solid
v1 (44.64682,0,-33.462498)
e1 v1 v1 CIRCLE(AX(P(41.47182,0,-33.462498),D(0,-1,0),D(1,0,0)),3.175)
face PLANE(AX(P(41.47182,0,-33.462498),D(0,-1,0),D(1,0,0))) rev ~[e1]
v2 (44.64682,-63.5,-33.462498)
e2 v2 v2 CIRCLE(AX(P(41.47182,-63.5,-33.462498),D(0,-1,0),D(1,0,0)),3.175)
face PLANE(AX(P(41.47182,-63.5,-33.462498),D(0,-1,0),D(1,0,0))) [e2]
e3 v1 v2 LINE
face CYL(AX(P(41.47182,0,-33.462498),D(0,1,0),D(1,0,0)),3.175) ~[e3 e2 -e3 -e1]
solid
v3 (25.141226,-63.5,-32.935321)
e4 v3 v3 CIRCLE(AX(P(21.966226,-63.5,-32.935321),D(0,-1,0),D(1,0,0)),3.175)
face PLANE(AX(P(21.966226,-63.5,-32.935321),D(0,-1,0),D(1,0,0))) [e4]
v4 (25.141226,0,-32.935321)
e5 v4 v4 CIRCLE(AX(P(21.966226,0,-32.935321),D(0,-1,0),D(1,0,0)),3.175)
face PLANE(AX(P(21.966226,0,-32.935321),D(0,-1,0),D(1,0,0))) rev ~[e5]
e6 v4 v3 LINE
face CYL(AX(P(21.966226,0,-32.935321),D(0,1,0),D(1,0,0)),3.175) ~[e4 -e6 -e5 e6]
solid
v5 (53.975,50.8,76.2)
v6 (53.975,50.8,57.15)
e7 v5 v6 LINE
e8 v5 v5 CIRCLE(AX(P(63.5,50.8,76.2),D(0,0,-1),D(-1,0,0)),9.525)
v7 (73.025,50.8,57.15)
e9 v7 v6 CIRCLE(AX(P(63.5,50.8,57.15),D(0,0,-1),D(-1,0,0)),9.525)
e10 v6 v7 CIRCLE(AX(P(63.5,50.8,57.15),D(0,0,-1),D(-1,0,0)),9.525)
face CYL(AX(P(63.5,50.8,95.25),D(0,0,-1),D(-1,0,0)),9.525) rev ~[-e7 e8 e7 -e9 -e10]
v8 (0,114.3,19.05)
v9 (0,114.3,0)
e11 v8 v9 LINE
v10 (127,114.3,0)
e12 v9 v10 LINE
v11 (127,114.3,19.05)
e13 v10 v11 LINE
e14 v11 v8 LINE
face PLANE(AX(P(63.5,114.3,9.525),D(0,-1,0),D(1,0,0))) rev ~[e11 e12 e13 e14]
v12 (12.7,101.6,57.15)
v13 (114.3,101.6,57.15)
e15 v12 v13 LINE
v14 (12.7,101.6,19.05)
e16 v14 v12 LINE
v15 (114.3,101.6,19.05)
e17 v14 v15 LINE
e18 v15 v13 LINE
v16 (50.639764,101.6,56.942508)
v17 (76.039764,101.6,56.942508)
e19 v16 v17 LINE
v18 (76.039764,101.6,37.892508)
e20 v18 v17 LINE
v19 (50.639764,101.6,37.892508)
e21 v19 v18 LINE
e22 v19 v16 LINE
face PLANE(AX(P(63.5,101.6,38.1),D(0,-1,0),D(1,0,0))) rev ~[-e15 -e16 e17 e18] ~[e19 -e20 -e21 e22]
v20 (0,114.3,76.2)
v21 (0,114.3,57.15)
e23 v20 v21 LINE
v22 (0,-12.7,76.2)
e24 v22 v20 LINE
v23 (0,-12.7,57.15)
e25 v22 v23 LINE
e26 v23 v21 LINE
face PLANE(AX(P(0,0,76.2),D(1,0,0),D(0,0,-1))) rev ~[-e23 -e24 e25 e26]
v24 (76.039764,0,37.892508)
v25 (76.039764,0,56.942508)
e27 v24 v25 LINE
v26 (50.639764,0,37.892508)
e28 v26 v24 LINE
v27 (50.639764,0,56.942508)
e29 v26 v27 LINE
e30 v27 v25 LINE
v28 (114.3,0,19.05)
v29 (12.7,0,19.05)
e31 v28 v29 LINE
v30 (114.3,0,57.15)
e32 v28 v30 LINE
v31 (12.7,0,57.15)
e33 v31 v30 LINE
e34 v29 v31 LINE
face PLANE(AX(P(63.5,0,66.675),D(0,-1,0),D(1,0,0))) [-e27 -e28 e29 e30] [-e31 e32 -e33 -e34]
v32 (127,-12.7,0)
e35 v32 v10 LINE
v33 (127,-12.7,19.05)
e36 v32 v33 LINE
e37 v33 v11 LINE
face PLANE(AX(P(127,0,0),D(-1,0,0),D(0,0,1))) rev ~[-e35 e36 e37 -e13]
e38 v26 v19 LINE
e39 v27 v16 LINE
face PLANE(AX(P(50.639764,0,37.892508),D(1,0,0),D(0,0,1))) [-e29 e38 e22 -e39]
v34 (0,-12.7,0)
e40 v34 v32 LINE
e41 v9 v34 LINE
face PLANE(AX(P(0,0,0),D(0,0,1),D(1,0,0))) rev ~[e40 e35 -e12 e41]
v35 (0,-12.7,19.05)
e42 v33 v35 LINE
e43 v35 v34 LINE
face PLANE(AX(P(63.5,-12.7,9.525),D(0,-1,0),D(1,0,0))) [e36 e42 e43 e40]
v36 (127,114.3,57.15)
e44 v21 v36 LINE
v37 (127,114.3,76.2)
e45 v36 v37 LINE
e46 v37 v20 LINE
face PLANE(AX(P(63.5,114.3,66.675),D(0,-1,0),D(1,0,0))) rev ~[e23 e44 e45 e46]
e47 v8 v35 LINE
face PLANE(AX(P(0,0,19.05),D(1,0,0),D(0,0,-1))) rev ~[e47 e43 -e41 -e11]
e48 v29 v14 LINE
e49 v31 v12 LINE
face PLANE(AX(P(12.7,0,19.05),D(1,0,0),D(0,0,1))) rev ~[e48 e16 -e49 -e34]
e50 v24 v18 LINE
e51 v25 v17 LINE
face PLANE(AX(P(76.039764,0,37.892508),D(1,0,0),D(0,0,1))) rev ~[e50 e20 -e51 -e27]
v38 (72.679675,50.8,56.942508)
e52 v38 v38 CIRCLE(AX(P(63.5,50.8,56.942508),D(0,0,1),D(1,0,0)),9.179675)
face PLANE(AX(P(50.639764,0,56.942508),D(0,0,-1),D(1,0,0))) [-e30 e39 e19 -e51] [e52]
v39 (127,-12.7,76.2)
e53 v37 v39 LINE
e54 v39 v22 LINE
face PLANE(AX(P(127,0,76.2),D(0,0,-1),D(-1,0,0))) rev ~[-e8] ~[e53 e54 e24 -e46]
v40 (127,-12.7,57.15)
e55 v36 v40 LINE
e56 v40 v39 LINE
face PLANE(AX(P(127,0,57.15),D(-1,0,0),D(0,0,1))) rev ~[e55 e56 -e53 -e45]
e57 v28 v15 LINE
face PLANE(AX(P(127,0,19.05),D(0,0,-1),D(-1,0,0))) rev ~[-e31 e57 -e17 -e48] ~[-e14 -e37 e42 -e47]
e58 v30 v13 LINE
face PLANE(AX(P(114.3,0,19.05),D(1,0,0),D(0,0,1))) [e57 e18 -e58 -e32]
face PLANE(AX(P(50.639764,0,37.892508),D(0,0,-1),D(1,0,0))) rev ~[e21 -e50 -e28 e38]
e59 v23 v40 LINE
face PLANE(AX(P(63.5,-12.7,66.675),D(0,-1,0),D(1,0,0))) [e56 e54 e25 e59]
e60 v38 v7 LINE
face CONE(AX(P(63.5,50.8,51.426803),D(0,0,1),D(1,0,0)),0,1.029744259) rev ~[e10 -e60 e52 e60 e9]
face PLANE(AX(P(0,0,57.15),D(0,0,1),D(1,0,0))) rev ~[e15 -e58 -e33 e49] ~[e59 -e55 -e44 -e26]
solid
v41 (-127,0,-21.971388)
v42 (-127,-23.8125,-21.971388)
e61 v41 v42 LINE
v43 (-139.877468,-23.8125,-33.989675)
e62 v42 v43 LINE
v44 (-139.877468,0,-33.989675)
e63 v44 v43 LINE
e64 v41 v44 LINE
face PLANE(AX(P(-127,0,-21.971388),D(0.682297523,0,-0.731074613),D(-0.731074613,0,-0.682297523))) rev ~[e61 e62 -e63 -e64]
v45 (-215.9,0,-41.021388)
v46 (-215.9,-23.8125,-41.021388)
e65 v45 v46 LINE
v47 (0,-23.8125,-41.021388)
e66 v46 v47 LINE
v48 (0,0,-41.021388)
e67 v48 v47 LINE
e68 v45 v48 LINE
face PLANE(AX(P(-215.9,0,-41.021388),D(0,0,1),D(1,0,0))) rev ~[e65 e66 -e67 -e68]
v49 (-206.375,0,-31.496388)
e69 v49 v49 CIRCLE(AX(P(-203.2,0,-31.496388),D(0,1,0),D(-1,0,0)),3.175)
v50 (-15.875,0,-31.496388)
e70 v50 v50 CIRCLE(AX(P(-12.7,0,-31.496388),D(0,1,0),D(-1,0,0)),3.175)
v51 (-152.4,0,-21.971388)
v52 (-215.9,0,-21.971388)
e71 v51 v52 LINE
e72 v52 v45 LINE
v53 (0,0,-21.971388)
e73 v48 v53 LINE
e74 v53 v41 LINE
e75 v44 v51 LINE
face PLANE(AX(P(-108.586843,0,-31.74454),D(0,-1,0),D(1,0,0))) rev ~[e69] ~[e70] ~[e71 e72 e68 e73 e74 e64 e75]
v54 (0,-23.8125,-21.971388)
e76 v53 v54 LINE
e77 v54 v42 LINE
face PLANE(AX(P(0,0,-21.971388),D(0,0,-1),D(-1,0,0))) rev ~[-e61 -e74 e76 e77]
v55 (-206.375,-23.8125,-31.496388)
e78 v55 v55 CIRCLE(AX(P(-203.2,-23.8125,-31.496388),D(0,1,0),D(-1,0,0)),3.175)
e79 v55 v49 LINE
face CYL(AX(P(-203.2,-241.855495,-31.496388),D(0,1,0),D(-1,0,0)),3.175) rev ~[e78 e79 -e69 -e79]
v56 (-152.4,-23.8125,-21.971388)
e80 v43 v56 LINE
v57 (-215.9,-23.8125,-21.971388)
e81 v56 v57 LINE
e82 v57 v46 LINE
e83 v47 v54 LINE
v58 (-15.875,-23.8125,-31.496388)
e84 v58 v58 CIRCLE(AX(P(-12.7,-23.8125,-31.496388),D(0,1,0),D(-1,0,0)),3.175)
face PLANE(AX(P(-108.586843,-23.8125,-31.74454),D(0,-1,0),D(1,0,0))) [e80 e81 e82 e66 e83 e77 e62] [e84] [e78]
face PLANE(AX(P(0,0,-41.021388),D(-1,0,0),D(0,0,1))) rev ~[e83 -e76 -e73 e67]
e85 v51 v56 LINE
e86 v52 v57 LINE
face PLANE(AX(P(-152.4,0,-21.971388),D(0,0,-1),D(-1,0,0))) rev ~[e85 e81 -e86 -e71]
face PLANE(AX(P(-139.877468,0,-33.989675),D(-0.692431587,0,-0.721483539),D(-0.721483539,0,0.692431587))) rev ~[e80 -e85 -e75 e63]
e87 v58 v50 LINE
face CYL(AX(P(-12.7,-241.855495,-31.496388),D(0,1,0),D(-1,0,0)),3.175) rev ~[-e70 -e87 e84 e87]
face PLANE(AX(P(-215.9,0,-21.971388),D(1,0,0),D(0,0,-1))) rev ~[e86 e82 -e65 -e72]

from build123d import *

# Parameters (mm, degrees)
F0_W          = 101.6
F0_H          = 38.1
F1_DEPTH      = 101.6
F2_DEPTH      = 114.3
F2_DEPTH_BACK = 12.7
F3_W          = 25.4
F3_H          = 19.05
F4_DEPTH      = 127
F6_D          = 19.05
F6_DEPTH      = 19.05
F6_TIP        = 5.7231973962
F8_DEPTH      = 23.8125
F10_D         = 6.35
F11_R         = 3.175
F12_DEPTH     = 63.5


with BuildPart() as f1:
    # F0 (on Front) → F1 (new body)
    with BuildSketch(Plane.XZ):
        with Locations((63.5, 38.1)):
            Rectangle(F0_W, F0_H)
    extrude(amount=-F1_DEPTH)

    # F0 (on Front) → F2 (join, two sides)
    with BuildSketch(Plane.XZ) as f2_sk:
        Polygon((0, 57.15), (12.7, 57.15), (114.3, 57.15), (127, 57.15), (127, 76.2), (0, 76.2), align=None)
        Polygon((0, 19.05), (0, 0), (127, 0), (127, 19.05), (114.3, 19.05), (12.7, 19.05), align=None)
    extrude(amount=-F2_DEPTH)
    extrude(f2_sk.sketch, amount=F2_DEPTH_BACK)

    # F3 (on Front) → F4 (cut)
    with BuildSketch(Plane.XZ):
        with Locations((63.3397639349, 47.4175076246)):
            Rectangle(F3_W, F3_H)
    extrude(amount=-F4_DEPTH, mode=Mode.SUBTRACT)

    # F6
    with Locations(Plane.XY.offset(76.2)):
        with Locations((63.5, 50.8)):
            Hole(F6_D / 2, depth=F6_DEPTH)
            with Locations((0, 0, -(F6_DEPTH + F6_TIP / 2))):  # 118° drill point
                Cone(0, F6_D / 2, F6_TIP, mode=Mode.SUBTRACT)


with BuildPart() as f8:
    # F7 (on Front) → F8 (new body)
    with BuildSketch(Plane.XZ):
        Polygon((0, -41.0213880241), (0, -21.9713880241), (-127, -21.9713880241), (-139.8774683475, -33.989675343), (-152.4, -21.9713880241), (-215.9, -21.9713880241), (-215.9, -41.0213880241), align=None)
    extrude(amount=F8_DEPTH)

    # F10 (through all)
    with Locations(Plane.XZ.offset(23.8125)):
        with Locations((-203.2, -31.4963880241), (-12.7, -31.4963880241)):
            Hole(F10_D / 2)


with BuildPart() as f12:
    # F11 (on Front) → F12 (new body)
    with BuildSketch(Plane.XZ):
        with Locations((21.9662263989, -32.935321331)):
            Circle(F11_R)
    extrude(amount=F12_DEPTH)


with BuildPart() as f12b:
    # F11 (on Front) → F12, piece 2 (new body)
    with BuildSketch(Plane.XZ):
        with Locations((41.4718203247, -33.462498337)):
            Circle(F11_R)
    extrude(amount=F12_DEPTH)


solid = Compound([f1.part, f8.part, f12.part, f12b.part])
